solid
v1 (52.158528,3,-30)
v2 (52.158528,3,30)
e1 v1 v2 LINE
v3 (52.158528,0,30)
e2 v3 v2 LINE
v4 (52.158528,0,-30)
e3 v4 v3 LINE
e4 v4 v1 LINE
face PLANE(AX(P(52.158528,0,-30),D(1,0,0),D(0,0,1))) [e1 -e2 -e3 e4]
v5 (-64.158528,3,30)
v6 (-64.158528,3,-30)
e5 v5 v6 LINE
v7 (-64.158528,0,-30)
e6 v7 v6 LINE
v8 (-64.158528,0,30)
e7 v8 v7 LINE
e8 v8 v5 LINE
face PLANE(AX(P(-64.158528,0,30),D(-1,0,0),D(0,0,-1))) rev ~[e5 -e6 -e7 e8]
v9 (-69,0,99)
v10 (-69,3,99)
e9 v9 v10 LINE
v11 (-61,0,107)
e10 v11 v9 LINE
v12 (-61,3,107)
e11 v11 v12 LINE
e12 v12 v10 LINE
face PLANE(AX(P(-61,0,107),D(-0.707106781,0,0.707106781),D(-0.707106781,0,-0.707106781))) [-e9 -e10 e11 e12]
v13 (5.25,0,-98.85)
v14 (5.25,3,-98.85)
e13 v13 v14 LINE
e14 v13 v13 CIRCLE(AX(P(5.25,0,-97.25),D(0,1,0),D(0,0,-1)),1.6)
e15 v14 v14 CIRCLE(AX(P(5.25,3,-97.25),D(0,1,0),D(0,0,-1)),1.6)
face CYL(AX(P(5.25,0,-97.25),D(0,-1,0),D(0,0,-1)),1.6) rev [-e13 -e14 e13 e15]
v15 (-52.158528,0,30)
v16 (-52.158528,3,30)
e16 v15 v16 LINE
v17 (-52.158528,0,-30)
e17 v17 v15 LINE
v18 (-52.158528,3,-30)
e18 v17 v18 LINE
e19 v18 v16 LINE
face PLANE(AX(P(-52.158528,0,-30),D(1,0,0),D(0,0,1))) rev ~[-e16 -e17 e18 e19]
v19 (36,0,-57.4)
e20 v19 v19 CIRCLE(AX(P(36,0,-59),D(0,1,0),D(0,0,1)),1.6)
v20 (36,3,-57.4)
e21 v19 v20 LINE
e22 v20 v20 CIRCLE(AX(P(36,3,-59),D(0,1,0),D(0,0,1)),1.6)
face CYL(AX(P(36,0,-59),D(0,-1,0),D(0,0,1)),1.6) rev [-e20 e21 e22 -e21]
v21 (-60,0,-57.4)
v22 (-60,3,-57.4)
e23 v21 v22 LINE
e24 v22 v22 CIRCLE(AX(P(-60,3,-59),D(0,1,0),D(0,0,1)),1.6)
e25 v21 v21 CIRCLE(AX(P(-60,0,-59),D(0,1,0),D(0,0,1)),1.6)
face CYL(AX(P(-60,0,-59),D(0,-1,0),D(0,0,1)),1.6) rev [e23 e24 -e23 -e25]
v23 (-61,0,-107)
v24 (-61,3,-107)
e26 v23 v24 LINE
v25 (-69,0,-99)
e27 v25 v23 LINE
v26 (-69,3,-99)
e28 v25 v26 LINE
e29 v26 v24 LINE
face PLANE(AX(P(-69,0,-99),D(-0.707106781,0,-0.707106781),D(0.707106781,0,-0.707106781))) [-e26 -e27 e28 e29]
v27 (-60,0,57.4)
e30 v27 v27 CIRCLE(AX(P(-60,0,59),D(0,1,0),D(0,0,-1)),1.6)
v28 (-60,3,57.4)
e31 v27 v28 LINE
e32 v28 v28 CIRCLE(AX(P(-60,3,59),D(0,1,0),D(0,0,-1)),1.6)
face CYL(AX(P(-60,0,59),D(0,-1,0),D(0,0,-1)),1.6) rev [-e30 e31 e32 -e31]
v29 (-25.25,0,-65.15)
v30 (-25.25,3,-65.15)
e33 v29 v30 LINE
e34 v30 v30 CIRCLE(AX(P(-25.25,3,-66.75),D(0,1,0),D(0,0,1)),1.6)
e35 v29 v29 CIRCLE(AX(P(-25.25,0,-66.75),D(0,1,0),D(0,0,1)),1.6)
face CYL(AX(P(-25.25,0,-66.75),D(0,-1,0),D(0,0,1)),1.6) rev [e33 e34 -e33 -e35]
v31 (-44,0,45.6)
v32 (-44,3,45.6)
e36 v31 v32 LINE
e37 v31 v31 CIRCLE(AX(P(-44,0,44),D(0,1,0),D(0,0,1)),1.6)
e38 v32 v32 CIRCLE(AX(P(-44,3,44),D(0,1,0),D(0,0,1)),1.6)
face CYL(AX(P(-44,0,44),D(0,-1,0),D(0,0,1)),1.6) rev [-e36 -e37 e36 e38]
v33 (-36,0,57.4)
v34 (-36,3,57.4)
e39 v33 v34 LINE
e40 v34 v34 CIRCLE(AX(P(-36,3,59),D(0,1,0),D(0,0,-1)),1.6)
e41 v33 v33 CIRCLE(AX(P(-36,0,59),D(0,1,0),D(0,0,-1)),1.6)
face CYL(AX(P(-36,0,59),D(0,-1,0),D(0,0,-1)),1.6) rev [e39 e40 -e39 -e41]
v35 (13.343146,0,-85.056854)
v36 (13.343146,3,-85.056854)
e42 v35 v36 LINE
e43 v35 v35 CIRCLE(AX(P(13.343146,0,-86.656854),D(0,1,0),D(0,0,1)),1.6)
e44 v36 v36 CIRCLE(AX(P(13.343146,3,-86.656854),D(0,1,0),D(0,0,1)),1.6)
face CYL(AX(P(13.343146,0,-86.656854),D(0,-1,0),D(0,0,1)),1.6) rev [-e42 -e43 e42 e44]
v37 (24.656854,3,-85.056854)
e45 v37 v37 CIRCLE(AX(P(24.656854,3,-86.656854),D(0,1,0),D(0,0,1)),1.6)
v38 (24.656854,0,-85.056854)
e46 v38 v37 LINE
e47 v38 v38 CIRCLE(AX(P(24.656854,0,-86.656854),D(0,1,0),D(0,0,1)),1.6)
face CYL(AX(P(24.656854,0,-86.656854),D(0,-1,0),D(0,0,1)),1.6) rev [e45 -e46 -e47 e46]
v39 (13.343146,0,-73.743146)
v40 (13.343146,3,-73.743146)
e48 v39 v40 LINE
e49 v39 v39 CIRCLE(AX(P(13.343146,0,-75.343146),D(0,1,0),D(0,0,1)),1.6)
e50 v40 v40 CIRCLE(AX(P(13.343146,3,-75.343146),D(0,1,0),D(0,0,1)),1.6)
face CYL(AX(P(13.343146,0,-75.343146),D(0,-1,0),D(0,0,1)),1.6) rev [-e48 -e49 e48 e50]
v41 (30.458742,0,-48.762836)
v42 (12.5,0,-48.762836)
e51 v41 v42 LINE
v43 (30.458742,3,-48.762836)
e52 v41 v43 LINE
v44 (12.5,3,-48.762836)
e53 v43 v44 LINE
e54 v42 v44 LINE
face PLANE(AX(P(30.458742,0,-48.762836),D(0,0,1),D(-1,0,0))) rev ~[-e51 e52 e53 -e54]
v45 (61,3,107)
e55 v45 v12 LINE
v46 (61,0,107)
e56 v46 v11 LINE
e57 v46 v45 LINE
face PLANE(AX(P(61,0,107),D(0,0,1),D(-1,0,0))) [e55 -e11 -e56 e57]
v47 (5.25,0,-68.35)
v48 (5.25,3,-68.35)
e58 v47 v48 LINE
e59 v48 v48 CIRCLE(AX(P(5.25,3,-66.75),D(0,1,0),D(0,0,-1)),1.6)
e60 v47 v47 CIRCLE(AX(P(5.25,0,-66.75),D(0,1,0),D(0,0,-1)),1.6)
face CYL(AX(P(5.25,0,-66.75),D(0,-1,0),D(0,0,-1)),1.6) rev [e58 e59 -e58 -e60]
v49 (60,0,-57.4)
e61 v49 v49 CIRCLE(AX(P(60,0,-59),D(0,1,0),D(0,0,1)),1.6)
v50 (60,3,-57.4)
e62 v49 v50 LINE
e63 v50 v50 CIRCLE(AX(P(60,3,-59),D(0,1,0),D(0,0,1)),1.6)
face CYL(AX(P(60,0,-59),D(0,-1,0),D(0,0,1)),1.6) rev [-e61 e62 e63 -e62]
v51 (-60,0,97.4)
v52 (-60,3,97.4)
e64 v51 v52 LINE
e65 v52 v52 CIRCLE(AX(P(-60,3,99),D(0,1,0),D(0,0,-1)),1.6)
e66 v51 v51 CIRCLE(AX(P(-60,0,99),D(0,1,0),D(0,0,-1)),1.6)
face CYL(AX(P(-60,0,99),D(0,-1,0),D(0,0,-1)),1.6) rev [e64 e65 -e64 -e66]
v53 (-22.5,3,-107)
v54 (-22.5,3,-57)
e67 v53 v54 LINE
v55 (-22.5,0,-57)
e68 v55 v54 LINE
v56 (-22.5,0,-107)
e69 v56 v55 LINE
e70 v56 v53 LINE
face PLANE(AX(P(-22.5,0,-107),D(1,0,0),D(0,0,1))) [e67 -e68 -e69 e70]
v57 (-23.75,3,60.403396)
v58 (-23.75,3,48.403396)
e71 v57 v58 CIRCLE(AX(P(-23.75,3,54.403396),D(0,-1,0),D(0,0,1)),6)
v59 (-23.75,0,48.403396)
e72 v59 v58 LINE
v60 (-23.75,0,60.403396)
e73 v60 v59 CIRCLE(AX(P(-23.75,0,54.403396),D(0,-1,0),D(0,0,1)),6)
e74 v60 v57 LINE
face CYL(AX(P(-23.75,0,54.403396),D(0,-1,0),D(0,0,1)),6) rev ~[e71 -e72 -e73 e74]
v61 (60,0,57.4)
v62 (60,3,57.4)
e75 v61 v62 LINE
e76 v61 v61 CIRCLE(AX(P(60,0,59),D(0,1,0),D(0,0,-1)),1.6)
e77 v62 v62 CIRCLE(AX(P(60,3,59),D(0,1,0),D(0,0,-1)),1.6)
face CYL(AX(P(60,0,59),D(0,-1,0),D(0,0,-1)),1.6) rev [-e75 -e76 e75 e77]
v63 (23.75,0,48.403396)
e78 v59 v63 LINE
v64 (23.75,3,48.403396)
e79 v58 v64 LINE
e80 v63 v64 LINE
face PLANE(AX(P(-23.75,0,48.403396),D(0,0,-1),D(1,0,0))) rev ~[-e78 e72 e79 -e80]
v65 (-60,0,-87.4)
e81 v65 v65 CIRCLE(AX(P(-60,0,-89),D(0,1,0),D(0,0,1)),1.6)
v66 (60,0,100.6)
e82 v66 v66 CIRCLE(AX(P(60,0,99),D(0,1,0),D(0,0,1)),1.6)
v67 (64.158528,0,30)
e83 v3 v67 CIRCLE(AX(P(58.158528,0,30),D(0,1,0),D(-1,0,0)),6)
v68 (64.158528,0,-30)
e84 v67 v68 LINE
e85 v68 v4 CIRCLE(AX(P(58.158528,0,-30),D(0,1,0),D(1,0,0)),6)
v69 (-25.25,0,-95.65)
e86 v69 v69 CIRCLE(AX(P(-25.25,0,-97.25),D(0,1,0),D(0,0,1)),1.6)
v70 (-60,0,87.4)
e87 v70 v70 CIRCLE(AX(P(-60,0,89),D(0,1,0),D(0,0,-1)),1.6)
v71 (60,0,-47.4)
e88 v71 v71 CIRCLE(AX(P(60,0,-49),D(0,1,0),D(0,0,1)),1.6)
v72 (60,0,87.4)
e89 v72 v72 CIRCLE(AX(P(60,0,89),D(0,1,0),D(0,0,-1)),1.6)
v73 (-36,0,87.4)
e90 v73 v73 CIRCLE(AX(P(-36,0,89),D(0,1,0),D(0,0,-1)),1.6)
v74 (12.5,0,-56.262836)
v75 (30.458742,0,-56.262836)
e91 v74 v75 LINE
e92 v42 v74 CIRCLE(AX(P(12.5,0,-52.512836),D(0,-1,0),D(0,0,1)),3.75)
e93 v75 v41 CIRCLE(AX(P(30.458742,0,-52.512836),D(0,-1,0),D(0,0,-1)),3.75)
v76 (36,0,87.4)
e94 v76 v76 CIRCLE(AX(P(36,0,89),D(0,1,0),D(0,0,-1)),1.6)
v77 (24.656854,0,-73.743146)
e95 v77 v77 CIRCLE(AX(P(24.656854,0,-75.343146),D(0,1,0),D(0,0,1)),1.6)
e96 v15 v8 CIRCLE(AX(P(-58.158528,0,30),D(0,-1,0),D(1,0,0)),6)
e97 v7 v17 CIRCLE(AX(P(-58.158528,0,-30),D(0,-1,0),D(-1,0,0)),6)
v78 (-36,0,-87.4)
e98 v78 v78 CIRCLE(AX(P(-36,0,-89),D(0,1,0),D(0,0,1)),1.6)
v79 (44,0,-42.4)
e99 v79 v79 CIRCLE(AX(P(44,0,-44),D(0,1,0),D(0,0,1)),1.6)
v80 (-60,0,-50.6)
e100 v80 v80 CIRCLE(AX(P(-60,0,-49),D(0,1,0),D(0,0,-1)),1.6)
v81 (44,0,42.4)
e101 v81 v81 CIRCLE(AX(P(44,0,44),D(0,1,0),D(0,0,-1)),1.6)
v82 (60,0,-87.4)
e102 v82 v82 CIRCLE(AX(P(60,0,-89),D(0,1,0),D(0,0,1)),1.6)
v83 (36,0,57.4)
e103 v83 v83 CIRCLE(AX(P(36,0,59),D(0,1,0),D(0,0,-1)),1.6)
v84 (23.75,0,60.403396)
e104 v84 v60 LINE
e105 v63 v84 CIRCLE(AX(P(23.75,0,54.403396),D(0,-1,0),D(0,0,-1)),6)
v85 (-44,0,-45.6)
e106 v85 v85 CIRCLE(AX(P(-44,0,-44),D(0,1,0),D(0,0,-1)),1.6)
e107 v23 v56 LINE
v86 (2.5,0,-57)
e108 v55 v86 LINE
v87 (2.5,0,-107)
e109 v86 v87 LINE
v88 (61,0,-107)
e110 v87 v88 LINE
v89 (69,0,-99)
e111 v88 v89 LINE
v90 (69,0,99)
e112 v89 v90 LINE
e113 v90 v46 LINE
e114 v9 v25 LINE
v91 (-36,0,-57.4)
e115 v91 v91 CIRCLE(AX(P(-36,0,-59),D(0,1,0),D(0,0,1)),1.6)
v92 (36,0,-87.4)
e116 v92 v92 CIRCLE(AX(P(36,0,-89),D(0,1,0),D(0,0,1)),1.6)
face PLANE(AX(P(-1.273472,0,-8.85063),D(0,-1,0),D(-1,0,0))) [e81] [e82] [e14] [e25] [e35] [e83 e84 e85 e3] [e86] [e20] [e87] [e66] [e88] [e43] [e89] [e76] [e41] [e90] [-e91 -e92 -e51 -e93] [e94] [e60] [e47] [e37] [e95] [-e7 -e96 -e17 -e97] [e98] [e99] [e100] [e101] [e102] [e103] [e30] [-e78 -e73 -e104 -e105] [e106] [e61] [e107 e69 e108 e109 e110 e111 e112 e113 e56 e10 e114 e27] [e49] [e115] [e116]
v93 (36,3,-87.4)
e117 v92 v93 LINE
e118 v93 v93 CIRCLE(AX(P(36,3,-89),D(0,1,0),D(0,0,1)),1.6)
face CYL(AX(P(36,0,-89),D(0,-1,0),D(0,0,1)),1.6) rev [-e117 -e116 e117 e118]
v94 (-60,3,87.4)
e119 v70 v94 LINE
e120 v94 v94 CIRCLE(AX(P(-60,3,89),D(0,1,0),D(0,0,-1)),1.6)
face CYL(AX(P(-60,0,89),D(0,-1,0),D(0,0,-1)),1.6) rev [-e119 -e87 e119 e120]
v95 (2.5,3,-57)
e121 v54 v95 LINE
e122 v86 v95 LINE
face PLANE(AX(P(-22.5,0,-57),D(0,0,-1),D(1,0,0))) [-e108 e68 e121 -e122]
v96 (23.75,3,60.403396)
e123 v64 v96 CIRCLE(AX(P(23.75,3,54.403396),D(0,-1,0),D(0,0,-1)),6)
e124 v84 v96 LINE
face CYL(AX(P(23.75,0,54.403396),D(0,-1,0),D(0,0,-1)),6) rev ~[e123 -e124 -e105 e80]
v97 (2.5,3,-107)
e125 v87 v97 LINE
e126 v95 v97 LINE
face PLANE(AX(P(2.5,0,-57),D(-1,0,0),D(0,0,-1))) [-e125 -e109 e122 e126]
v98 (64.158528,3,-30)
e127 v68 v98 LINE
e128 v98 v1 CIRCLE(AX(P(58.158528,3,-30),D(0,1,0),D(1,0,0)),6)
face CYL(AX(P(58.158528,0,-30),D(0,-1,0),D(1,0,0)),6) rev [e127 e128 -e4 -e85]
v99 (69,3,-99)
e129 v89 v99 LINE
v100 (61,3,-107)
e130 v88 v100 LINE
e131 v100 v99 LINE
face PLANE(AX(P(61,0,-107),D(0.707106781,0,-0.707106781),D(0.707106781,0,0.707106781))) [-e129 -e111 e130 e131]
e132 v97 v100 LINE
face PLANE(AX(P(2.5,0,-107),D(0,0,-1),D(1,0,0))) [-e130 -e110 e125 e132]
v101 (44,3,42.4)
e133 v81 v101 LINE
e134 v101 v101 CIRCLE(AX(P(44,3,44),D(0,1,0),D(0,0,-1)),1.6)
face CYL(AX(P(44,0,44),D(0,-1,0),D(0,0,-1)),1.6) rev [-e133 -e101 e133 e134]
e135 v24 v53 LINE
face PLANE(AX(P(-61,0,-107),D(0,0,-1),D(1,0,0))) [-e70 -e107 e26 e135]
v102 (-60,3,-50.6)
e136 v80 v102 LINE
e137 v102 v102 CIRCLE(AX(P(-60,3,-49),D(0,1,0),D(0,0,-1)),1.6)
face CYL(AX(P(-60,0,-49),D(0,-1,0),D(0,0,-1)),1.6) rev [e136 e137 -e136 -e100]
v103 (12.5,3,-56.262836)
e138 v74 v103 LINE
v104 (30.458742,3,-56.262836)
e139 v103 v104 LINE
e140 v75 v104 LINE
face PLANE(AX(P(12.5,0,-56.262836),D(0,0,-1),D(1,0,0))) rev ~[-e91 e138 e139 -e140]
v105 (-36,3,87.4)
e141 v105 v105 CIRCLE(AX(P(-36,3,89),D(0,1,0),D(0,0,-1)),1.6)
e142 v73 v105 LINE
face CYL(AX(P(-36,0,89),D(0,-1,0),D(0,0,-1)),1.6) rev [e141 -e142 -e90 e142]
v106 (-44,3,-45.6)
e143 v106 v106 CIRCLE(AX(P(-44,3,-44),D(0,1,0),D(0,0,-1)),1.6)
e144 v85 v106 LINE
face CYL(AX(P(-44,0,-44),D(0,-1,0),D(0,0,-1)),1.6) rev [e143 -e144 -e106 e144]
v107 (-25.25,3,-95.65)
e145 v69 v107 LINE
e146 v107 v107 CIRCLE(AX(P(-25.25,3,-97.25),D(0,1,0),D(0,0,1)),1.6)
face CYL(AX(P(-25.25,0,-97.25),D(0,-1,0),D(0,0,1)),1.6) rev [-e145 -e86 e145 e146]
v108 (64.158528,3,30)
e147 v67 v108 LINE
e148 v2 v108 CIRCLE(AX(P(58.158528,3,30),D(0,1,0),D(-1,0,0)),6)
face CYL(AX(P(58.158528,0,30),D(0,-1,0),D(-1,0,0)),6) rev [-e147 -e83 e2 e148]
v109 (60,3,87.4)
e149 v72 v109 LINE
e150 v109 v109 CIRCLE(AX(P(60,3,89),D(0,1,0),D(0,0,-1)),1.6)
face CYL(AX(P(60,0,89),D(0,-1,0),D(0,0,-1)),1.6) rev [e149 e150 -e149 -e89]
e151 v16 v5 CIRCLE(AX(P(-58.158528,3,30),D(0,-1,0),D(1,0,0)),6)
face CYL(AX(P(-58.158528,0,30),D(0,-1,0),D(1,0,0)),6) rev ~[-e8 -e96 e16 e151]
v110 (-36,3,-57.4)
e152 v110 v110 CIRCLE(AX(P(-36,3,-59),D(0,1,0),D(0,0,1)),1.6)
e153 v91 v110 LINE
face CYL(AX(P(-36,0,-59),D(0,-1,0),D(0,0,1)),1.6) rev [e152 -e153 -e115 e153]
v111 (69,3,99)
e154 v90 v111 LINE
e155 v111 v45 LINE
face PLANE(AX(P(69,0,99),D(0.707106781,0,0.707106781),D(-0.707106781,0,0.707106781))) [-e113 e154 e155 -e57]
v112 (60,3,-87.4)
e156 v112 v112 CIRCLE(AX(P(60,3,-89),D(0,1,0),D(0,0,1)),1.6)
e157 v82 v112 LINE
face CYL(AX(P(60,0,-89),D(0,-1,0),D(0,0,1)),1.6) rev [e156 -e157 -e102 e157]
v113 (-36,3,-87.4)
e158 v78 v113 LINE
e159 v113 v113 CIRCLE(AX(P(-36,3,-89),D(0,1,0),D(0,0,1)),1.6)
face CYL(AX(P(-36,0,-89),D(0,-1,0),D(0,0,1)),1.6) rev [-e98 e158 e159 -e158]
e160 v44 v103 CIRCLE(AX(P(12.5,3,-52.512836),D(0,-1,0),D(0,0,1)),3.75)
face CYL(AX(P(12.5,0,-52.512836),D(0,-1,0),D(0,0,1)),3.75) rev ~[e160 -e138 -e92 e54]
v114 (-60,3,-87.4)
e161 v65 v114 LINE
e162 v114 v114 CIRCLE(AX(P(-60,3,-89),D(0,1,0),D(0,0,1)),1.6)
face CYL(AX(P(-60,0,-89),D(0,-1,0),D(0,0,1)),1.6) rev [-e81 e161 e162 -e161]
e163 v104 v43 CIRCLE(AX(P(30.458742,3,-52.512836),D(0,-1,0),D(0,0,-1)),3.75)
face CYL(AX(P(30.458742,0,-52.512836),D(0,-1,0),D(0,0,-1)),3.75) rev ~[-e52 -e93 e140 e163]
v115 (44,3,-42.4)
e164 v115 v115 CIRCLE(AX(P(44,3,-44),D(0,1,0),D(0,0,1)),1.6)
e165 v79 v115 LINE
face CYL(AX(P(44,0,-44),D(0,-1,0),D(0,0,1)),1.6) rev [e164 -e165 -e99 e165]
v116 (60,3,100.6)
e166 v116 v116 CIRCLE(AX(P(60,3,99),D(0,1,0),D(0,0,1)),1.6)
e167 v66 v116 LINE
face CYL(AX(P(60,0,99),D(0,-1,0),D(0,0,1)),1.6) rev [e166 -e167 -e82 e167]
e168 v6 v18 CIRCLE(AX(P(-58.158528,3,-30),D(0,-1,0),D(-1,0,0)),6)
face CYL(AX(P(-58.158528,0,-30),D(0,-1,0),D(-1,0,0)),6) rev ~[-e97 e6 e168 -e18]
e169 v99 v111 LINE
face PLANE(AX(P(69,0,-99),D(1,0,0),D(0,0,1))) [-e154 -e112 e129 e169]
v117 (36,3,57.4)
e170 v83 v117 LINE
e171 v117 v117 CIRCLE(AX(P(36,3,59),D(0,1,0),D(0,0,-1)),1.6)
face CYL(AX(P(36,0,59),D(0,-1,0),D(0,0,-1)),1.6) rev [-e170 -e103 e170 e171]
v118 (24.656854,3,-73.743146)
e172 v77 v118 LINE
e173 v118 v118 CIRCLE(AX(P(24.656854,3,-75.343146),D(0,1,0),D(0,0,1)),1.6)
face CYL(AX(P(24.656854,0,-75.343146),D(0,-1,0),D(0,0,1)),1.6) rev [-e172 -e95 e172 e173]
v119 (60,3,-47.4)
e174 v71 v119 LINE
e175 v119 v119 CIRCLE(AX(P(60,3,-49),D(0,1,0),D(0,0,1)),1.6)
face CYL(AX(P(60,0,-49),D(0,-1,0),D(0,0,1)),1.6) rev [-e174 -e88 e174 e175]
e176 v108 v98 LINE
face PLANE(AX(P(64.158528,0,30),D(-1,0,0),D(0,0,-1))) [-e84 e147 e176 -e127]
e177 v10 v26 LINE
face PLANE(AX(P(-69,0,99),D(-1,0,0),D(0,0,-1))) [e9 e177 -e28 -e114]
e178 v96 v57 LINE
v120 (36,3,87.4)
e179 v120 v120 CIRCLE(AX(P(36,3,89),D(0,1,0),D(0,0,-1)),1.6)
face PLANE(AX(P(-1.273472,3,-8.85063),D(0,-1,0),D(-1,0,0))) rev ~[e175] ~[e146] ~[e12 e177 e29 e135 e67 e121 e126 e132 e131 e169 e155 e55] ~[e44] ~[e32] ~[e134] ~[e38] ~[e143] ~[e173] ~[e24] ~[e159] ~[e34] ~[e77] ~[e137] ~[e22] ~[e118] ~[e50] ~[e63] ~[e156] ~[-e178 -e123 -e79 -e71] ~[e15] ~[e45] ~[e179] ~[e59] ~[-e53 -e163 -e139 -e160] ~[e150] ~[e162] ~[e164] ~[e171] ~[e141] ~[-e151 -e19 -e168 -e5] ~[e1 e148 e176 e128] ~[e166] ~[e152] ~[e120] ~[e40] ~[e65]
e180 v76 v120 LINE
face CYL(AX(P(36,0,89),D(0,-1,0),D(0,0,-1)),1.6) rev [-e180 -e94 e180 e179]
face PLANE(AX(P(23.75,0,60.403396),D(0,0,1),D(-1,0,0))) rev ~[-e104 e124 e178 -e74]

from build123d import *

# Parameters (mm, degrees)
SKETCH_1_R      = 1.6
EXTRUDE_2_DEPTH = 3


with BuildPart() as part:
    # 草图1 → 凸台-拉伸2 (new body)
    with BuildSketch(Plane(origin=(0, 0, 0), x_dir=(1, 0, 0), z_dir=(0, 1, 0))):
        Polygon((-61, 107), (-22.5, 107), (-22.5, 57), (2.5, 57), (2.5, 107), (61, 107), (69, 99), (69, -99), (61, -107), (-61, -107), (-69, -99), (-69, 99), align=None)
        with Locations(Location((60, 59, 0), (0, 0, 270))):
            Circle(SKETCH_1_R, mode=Mode.SUBTRACT)
        with Locations(Location((36, 59, 0), (0, 0, 270))):
            Circle(SKETCH_1_R, mode=Mode.SUBTRACT)
        with Locations(Location((60, 89, 0), (0, 0, 270))):
            Circle(SKETCH_1_R, mode=Mode.SUBTRACT)
        with Locations(Location((36, 89, 0), (0, 0, 270))):
            Circle(SKETCH_1_R, mode=Mode.SUBTRACT)
        with Locations(Location((-60, 89, 0), (0, 0, 270))):
            Circle(SKETCH_1_R, mode=Mode.SUBTRACT)
        with Locations(Location((-60, 59, 0), (0, 0, 270))):
            Circle(SKETCH_1_R, mode=Mode.SUBTRACT)
        with Locations(Location((-36, 89, 0), (0, 0, 270))):
            Circle(SKETCH_1_R, mode=Mode.SUBTRACT)
        with Locations(Location((-36, 59, 0), (0, 0, 270))):
            Circle(SKETCH_1_R, mode=Mode.SUBTRACT)
        with Locations(Location((60, -59, 0), (0, 0, 90))):
            Circle(SKETCH_1_R, mode=Mode.SUBTRACT)
        with Locations(Location((60, -89, 0), (0, 0, 90))):
            Circle(SKETCH_1_R, mode=Mode.SUBTRACT)
        with Locations(Location((36, -59, 0), (0, 0, 90))):
            Circle(SKETCH_1_R, mode=Mode.SUBTRACT)
        with Locations(Location((36, -89, 0), (0, 0, 90))):
            Circle(SKETCH_1_R, mode=Mode.SUBTRACT)
        with Locations(Location((-36, -59, 0), (0, 0, 90))):
            Circle(SKETCH_1_R, mode=Mode.SUBTRACT)
        with Locations(Location((-36, -89, 0), (0, 0, 90))):
            Circle(SKETCH_1_R, mode=Mode.SUBTRACT)
        with Locations(Location((-60, -59, 0), (0, 0, 90))):
            Circle(SKETCH_1_R, mode=Mode.SUBTRACT)
        with Locations(Location((-60, -89, 0), (0, 0, 90))):
            Circle(SKETCH_1_R, mode=Mode.SUBTRACT)
        with Locations(Location((44, 44, 0), (0, 0, 270))):
            Circle(SKETCH_1_R, mode=Mode.SUBTRACT)
        with Locations(Location((60, 49, 0), (0, 0, 270))):
            Circle(SKETCH_1_R, mode=Mode.SUBTRACT)
        with Locations(Location((60, -99, 0), (0, 0, 270))):
            Circle(SKETCH_1_R, mode=Mode.SUBTRACT)
        with Locations(Location((-44, 44, 0), (0, 0, 90))):
            Circle(SKETCH_1_R, mode=Mode.SUBTRACT)
        with Locations(Location((44, -44, 0), (0, 0, 90))):
            Circle(SKETCH_1_R, mode=Mode.SUBTRACT)
        with Locations(Location((-44, -44, 0), (0, 0, 270))):
            Circle(SKETCH_1_R, mode=Mode.SUBTRACT)
        with Locations(Location((-60, -99, 0), (0, 0, 90))):
            Circle(SKETCH_1_R, mode=Mode.SUBTRACT)
        with Locations(Location((-60, 49, 0), (0, 0, 90))):
            Circle(SKETCH_1_R, mode=Mode.SUBTRACT)
        with Locations(Location((24.656854249, 75.343145751, 0), (0, 0, 270))):
            Circle(SKETCH_1_R, mode=Mode.SUBTRACT)
        with Locations(Location((-25.25, 97.25, 0), (0, 0, 270))):
            Circle(SKETCH_1_R, mode=Mode.SUBTRACT)
        with Locations(Location((5.25, 97.25, 0), (0, 0, 90))):
            Circle(SKETCH_1_R, mode=Mode.SUBTRACT)
        with Locations(Location((-25.25, 66.75, 0), (0, 0, 270))):
            Circle(SKETCH_1_R, mode=Mode.SUBTRACT)
        with Locations(Location((5.25, 66.75, 0), (0, 0, 90))):
            Circle(SKETCH_1_R, mode=Mode.SUBTRACT)
        with Locations(Location((13.343145751, 75.343145751, 0), (0, 0, 270))):
            Circle(SKETCH_1_R, mode=Mode.SUBTRACT)
        with Locations(Location((13.343145751, 86.656854249, 0), (0, 0, 270))):
            Circle(SKETCH_1_R, mode=Mode.SUBTRACT)
        with Locations(Location((24.656854249, 86.656854249, 0), (0, 0, 270))):
            Circle(SKETCH_1_R, mode=Mode.SUBTRACT)
        with BuildLine():
            Line((-52.158528232, 30), (-52.158528232, -30))
            ThreePointArc((-52.158528232, -30), (-58.158528232, -36), (-64.158528232, -30))
            Line((-64.158528232, -30), (-64.158528232, 30))
            ThreePointArc((-64.158528232, 30), (-58.158528232, 36), (-52.158528232, 30))
        make_face(mode=Mode.SUBTRACT)
        with BuildLine():
            Line((52.158528232, 30), (52.158528232, -30))
            ThreePointArc((52.158528232, -30), (58.158528232, -36), (64.158528232, -30))
            Line((64.158528232, -30), (64.158528232, 30))
            ThreePointArc((64.158528232, 30), (58.158528232, 36), (52.158528232, 30))
        make_face(mode=Mode.SUBTRACT)
        with BuildLine():
            Line((-23.75, -48.403395609), (23.75, -48.403395609))
            ThreePointArc((23.75, -48.403395609), (29.75, -54.403395609), (23.75, -60.403395609))
            Line((23.75, -60.403395609), (-23.75, -60.403395609))
            ThreePointArc((-23.75, -60.403395609), (-29.75, -54.403395609), (-23.75, -48.403395609))
        make_face(mode=Mode.SUBTRACT)
        with BuildLine():
            Line((12.5, 56.262836439), (30.458741979, 56.262836439))
            ThreePointArc((30.458741979, 56.262836439), (34.208741979, 52.512836439), (30.458741979, 48.762836439))
            Line((30.458741979, 48.762836439), (12.5, 48.762836439))
            ThreePointArc((12.5, 48.762836439), (8.75, 52.512836439), (12.5, 56.262836439))
        make_face(mode=Mode.SUBTRACT)
    extrude(amount=EXTRUDE_2_DEPTH)


solid = part.part
